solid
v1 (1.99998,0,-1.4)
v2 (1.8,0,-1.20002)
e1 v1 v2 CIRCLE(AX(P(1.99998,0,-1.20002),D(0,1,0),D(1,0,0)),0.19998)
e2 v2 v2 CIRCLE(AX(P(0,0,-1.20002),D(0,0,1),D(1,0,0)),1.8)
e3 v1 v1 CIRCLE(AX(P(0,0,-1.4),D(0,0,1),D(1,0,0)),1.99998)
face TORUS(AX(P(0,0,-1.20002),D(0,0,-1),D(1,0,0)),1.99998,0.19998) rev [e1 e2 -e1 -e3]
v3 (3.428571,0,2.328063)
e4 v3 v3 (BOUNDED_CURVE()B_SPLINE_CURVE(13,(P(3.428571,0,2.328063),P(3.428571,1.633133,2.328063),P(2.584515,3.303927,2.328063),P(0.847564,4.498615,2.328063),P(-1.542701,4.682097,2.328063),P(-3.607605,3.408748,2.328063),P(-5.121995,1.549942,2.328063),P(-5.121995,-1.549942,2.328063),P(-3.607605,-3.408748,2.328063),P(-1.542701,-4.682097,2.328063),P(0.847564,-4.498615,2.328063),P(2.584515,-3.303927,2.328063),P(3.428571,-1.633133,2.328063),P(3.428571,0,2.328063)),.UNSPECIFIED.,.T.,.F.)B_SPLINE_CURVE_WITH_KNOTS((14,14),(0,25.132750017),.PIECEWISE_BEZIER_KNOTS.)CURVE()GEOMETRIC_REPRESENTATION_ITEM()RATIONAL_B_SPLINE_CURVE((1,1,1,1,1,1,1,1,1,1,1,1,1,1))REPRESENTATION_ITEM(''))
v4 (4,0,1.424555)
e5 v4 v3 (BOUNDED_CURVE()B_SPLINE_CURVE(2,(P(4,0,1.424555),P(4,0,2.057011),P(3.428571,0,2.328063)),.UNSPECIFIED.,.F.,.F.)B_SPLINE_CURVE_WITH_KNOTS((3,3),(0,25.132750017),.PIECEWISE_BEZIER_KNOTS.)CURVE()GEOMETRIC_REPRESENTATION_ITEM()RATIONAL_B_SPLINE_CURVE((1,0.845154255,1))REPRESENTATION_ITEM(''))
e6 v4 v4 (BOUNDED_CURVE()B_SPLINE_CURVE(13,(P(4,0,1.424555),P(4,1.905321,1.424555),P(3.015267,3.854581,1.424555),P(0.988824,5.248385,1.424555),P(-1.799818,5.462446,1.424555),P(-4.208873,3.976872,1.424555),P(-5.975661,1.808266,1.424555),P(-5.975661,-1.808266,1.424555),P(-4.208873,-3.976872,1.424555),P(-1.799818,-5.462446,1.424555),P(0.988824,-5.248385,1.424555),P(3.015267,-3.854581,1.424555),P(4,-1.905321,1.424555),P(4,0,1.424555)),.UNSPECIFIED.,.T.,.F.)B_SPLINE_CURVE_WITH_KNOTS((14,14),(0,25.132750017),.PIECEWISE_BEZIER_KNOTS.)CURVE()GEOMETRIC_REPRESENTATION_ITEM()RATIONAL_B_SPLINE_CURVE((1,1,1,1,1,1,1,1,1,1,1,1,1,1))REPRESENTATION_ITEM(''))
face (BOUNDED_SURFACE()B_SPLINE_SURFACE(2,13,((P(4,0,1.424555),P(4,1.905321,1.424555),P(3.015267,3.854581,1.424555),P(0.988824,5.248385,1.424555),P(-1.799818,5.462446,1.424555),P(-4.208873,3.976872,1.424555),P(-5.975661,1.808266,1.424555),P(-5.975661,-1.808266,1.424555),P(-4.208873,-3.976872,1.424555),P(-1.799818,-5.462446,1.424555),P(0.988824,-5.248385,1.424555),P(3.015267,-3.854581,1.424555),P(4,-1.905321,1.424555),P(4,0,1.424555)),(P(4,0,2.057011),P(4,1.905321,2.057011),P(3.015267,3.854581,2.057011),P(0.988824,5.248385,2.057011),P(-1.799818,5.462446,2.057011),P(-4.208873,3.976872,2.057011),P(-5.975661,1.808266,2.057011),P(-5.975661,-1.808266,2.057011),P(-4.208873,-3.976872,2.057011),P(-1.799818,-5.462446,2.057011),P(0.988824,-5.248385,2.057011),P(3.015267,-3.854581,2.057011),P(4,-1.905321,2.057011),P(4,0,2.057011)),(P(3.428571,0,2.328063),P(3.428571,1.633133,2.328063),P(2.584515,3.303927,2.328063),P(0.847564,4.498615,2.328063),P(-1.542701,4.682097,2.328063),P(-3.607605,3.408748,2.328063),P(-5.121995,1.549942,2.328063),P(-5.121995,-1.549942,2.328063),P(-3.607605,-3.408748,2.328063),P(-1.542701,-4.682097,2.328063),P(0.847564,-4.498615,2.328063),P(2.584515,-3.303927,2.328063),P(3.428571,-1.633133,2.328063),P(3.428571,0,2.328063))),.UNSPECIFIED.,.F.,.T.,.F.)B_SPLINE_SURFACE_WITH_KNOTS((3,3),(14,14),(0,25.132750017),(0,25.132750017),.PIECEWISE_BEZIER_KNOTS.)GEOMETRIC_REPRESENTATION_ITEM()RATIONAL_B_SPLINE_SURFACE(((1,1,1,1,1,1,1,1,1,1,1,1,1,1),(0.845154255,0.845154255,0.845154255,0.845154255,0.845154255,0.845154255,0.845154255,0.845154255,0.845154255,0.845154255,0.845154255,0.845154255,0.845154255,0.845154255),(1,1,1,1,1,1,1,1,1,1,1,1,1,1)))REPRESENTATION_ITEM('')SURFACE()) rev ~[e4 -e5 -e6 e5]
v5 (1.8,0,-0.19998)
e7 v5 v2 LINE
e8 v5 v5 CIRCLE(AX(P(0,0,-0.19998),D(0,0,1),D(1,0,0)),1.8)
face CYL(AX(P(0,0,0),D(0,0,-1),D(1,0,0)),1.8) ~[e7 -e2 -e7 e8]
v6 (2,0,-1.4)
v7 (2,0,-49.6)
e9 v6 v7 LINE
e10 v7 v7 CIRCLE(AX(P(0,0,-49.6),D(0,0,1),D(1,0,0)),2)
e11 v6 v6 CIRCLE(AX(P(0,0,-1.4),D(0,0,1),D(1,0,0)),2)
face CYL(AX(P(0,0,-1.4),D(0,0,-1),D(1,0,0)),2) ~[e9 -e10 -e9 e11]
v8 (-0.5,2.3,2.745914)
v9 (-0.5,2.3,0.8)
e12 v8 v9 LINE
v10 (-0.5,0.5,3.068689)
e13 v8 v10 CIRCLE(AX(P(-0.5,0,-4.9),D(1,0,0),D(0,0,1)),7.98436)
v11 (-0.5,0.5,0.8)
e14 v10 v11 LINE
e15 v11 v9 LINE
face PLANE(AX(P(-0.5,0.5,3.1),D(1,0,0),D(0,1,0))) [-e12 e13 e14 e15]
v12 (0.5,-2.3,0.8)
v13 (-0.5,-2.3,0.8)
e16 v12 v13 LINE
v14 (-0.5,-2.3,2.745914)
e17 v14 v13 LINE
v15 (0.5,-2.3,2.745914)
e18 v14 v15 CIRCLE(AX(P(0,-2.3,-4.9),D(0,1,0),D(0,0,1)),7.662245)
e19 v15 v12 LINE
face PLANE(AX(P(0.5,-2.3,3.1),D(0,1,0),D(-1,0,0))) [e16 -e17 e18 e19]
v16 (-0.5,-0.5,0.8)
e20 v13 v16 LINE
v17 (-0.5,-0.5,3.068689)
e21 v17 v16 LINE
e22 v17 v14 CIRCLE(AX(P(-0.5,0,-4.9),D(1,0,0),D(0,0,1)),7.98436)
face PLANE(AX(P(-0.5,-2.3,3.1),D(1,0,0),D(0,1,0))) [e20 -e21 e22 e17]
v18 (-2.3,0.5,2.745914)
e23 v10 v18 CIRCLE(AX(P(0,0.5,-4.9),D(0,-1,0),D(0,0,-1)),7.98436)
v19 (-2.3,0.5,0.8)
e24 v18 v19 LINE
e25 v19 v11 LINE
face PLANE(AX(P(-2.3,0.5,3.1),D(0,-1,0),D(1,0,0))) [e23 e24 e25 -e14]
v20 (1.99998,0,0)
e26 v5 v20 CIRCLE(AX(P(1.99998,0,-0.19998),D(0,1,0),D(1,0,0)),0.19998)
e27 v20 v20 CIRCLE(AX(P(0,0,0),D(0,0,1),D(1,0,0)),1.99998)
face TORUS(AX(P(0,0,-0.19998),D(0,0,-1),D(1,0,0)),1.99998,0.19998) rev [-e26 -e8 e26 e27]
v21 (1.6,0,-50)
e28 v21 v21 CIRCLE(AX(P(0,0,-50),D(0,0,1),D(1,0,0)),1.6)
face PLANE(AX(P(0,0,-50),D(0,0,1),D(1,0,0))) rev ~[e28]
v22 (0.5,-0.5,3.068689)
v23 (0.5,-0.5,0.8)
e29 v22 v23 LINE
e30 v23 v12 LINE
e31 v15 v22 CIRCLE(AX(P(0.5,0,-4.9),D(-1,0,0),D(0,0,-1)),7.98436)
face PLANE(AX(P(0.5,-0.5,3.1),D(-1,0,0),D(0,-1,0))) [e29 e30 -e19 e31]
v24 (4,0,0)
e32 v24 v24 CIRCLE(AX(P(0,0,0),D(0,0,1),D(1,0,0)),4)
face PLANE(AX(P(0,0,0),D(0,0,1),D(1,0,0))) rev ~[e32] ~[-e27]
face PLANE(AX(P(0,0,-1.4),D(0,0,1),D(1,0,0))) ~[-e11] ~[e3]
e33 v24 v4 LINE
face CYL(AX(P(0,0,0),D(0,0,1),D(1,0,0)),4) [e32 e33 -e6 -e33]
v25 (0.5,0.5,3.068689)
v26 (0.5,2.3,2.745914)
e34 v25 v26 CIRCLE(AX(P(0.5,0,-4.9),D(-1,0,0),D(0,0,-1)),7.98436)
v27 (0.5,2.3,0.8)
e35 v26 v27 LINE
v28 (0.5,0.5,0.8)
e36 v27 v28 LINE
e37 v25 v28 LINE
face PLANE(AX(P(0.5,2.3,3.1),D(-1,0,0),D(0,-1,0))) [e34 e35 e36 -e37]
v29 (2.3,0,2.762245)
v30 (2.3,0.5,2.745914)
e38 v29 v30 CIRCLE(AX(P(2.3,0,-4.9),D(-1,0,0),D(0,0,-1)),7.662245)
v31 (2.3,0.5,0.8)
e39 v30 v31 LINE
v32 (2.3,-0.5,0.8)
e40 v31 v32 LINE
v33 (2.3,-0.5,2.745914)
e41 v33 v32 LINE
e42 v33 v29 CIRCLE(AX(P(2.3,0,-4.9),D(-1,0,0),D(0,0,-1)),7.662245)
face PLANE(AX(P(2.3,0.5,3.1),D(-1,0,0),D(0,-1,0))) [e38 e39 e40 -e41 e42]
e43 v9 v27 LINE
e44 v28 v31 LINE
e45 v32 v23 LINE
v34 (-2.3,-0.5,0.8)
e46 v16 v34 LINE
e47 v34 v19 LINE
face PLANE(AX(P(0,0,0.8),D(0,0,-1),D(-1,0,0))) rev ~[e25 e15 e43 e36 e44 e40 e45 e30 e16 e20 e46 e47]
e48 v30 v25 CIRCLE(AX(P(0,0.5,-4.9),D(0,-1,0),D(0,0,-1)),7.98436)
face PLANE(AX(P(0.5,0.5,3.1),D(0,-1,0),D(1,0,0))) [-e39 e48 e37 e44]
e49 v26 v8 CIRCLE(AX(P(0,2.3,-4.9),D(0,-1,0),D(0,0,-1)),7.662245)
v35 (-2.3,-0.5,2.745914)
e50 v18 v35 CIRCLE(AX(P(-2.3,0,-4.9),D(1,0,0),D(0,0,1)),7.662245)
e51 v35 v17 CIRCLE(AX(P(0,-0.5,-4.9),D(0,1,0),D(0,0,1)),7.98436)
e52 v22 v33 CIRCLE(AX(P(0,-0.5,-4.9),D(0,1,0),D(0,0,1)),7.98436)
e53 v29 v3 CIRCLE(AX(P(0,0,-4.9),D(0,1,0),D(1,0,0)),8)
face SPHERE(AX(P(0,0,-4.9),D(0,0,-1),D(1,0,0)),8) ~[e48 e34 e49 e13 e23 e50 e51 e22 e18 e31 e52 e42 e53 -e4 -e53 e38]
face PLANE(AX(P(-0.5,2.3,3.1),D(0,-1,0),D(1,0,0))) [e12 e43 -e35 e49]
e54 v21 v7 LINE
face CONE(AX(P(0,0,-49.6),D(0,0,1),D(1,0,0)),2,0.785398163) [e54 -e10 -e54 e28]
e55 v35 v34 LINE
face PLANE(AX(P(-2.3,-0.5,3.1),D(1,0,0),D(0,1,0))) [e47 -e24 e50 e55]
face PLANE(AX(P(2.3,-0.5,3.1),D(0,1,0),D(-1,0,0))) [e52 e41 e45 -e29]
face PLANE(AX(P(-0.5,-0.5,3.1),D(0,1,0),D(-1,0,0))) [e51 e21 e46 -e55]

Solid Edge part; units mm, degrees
sketch "Sketch1" plane through (0, 0, 0) normal (0, -1, 0) x (1, 0, 0)
  line L0 (4, 0) -> (1.8, 0)
  line L1 (1.8, 0) -> (1.8, -1.4)
  line L2 (1.8, -1.4) -> (2, -1.4)
  line L3 (2, -1.4) -> (2, -50)
  line L4 (2, -50) -> (0, -50)
  arc A0 (0, 3.1) -> (4, 2.0282) centre (0, -4.9) cw
  line L5 (4, 0) -> (4, 2.0282)
  dimension "D1" = 50
  dimension "D2" = 1.4
  dimension "D3" = 0.2
  dimension "D4" = 8
  dimension "D5" = 3.1
revolve "RevolvedProtrusion1" add sketch "Sketch1" angle 360 about axis through (0, 0, -6) along (0, 0, 1)
cosmetic_thread "Thread1" size "M4"
chamfer "Chamfer_1" distance 0.4 angle 45 1 edges at (-2, 0, -50)
fillet "Round1" radius 0.2 2 edges at (-1.8, 0, -1.4) (-1.8, 0, 0)
fillet "Round_3" radius 1 1 edges at (-4, 0, 2.0282)
sketch "Sketch2" plane through (0, 0, 3.1) normal (0, 0, 1) x (1, 0, 0)
  line L0 (-0.5, 0.5) -> (-0.5, 2.3)
  line L1 (-0.5, 2.3) -> (0.5, 2.3)
  line L2 (0.5, 2.3) -> (0.5, 0.5)
  line L3 (0.5, 0.5) -> (2.3, 0.5)
  line L4 (2.3, 0.5) -> (2.3, -0.5)
  line L5 (2.3, -0.5) -> (0.5, -0.5)
  line L6 (0.5, -0.5) -> (0.5, -2.3)
  line L7 (0.5, -2.3) -> (-0.5, -2.3)
  line L8 (-0.5, -2.3) -> (-0.5, -0.5)
  line L9 (-0.5, -0.5) -> (-2.3, -0.5)
  line L10 (-2.3, -0.5) -> (-2.3, 0.5)
  line L11 (-2.3, 0.5) -> (-0.5, 0.5)
  dimension "D1" = 4.6
  dimension "D2" = 1
extrude "ExtrudedCutout_2" cut sketch "Sketch2" against normal blind 2.3
properties part number "STD-DIN_7985-M4x50" material "Galvanized steel"
